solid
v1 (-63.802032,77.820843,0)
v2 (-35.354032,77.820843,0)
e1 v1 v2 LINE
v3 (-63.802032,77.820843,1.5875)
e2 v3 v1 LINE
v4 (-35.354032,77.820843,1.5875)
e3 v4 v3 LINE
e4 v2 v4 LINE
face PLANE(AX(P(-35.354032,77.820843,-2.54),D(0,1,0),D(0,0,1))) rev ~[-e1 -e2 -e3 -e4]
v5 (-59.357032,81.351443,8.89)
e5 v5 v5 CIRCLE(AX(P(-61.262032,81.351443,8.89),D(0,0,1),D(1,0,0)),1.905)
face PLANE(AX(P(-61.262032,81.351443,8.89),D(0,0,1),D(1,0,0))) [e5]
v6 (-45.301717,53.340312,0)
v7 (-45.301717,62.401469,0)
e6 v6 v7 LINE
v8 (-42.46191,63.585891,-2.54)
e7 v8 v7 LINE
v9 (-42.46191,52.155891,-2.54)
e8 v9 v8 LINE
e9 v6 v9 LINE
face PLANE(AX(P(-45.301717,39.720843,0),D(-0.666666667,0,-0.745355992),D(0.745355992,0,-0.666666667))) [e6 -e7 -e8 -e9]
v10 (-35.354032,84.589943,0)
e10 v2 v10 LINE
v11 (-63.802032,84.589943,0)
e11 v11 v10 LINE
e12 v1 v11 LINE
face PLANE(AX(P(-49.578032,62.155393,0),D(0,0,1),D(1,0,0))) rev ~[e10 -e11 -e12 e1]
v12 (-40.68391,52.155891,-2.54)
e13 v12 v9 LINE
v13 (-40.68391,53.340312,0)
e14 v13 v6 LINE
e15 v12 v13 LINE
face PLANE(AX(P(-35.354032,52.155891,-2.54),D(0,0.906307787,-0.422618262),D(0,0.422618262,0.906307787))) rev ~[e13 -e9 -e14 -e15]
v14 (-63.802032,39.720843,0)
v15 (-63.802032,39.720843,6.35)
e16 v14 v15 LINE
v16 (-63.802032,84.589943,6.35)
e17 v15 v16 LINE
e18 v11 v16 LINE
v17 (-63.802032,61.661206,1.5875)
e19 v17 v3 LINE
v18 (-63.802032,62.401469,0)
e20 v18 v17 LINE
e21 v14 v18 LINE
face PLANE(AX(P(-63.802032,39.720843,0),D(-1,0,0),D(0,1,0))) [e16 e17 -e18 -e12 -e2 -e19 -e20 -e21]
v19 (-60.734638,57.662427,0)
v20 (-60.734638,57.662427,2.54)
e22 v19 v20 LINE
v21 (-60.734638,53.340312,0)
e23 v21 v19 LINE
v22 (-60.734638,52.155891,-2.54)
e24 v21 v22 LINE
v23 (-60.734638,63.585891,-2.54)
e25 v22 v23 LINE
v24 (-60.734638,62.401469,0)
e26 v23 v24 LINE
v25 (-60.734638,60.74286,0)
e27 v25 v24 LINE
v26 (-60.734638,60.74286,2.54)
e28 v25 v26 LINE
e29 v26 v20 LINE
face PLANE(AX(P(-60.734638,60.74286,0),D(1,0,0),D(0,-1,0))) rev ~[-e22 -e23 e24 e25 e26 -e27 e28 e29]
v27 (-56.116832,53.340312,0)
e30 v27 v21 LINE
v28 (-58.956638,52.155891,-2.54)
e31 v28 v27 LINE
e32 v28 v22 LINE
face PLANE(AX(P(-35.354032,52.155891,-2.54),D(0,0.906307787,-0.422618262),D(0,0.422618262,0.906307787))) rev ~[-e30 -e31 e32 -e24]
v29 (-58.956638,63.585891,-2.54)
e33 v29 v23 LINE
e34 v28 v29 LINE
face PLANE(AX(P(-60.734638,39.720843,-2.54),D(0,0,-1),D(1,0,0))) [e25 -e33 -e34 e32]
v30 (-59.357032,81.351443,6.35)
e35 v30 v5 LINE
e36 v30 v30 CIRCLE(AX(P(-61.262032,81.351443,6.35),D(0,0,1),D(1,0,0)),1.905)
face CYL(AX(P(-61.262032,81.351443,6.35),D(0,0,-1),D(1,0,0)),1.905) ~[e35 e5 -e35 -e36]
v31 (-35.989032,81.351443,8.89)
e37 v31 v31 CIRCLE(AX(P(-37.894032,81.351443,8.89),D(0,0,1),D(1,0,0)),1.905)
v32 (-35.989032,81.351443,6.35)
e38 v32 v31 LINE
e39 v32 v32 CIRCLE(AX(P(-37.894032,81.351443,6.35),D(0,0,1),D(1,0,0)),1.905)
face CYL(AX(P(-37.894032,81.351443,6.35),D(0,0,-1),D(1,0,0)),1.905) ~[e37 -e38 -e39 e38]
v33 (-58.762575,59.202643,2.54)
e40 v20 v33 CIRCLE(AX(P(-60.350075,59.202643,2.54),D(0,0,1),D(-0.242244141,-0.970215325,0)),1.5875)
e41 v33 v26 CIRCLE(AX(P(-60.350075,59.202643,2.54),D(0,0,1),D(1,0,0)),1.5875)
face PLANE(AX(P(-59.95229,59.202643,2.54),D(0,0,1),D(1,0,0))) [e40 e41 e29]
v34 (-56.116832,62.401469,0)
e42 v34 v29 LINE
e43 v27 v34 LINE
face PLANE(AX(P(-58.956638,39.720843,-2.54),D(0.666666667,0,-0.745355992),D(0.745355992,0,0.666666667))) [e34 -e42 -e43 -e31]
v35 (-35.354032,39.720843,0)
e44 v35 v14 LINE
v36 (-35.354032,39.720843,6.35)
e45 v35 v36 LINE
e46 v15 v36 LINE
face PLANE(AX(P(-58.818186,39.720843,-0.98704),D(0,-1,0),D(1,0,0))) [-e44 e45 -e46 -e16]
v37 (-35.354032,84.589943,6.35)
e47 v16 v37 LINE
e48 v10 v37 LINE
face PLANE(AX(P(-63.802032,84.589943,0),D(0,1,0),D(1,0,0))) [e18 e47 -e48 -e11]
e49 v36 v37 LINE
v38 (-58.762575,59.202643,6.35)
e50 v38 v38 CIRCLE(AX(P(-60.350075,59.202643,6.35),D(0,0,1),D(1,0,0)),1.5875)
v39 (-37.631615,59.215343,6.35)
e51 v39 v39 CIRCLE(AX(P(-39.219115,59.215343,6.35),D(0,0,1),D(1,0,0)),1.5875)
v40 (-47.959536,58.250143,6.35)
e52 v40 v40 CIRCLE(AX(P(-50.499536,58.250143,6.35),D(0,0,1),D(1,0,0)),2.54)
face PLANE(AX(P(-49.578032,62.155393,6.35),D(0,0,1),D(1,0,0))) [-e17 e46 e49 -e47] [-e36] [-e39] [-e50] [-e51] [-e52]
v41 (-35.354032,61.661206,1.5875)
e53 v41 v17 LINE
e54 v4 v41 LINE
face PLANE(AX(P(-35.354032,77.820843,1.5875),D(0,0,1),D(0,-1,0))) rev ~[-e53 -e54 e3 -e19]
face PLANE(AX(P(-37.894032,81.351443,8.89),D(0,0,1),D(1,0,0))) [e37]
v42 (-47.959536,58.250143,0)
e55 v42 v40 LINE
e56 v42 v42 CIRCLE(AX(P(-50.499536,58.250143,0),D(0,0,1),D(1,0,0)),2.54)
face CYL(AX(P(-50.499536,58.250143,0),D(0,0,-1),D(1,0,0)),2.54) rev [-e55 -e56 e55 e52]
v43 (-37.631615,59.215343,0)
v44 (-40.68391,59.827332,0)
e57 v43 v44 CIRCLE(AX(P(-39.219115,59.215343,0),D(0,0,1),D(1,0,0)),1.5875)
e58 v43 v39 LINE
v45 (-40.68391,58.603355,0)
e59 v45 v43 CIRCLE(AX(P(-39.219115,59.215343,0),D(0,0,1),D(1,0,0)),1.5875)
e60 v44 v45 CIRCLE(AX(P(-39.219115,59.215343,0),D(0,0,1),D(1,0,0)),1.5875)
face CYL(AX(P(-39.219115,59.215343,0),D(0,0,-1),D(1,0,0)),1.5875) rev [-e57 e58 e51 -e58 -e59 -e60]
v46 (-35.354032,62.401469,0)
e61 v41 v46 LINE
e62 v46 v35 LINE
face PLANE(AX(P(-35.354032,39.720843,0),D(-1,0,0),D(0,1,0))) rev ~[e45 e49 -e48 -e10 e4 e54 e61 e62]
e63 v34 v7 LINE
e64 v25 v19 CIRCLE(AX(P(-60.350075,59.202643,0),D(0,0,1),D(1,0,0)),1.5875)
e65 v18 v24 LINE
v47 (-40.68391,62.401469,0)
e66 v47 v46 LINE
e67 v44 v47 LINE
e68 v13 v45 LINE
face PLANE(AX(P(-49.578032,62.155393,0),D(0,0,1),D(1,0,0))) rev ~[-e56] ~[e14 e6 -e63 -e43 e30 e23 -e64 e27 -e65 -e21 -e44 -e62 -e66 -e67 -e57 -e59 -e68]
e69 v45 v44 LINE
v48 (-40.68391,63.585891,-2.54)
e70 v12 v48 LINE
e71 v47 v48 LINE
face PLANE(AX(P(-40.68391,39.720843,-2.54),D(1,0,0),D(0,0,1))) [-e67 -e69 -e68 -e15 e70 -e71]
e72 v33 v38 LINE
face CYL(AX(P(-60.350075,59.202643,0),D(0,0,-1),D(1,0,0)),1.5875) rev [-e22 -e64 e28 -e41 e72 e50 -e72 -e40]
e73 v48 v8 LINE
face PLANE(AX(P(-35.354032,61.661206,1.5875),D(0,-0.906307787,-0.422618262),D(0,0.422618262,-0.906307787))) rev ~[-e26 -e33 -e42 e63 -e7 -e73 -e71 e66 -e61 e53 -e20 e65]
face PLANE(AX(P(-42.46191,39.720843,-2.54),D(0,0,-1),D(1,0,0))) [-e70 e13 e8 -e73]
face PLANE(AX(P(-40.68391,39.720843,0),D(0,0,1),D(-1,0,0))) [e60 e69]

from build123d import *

# Parameters (mm, degrees)
F0_W     = 28.448
F0_H     = 44.8691
F0_R     = 1.5875
F0_R_2   = 2.54
F1_DEPTH = 6.35
F3_DEPTH = 38.1
F5_DEPTH = 50.8
F6_R     = 1.905
F7_DEPTH = 2.54


with BuildPart() as f1:
    # F0 (on Top) → F1 (new body)
    with BuildSketch(Plane.XY):
        with Locations((-49.5780322009, 62.1553933926)):
            Rectangle(F0_W, F0_H)
        with Locations((-60.3500753641, 59.2026433926)):
            Circle(F0_R, mode=Mode.SUBTRACT)
        with Locations((-50.499536097, 58.2501433926)):
            Circle(F0_R_2, mode=Mode.SUBTRACT)
        with Locations((-39.2191149294, 59.2153433926)):
            Circle(F0_R, mode=Mode.SUBTRACT)
    extrude(amount=F1_DEPTH)

    # F2 (on face) → F3 (join)
    with BuildSketch(Plane.XZ.offset(-39.7208433926)):
        Polygon((-56.1168316064, 0), (-60.7346379378, 0), (-60.7346379378, -2.54), (-58.9566379378, -2.54), align=None)
        Polygon((-40.6839104433, 0), (-45.3017167747, 0), (-42.4619104433, -2.54), (-40.6839104433, -2.54), align=None)
    extrude(amount=-F3_DEPTH)

    # F4 (on face) → F5 (cut)
    with BuildSketch(Plane.YZ.offset(-35.3540322009)):
        Polygon((63.5858905178, -2.54), (77.8208433926, -2.54), (77.8208433926, 1.5875), (61.6612056587, 1.5875), align=None)
        Polygon((39.7208433926, 0), (39.7208433926, -2.54), (52.1558905178, -2.54), (53.3403119695, 0), align=None)
    extrude(amount=-F5_DEPTH, mode=Mode.SUBTRACT)

    # F6 (on face) + F3_face (on face) → F7 (join)
    with BuildSketch(Plane.XY.offset(6.35)):
        with Locations((-61.2620322009, 81.3514433926)):
            Circle(F6_R)
        with Locations((-37.8940322009, 81.3514433926)):
            Circle(F6_R)
    with BuildSketch(Plane(origin=(-59.8787005815, 59.2026433926, 0), x_dir=(1, 0, 0), z_dir=(0, 0, 1))):
        with BuildLine():
            Line((-0.8559373563, 1.5402168279), (-0.8559373563, -1.5402168279))
            ThreePointArc((-0.8559373563, -1.5402168279), (0.5057800578, -1.251129357), (1.1161252174, 0))
            ThreePointArc((1.1161252174, 0), (0.5057800578, 1.251129357), (-0.8559373563, 1.5402168279))
        make_face()
    extrude(amount=F7_DEPTH)


solid = f1.part
